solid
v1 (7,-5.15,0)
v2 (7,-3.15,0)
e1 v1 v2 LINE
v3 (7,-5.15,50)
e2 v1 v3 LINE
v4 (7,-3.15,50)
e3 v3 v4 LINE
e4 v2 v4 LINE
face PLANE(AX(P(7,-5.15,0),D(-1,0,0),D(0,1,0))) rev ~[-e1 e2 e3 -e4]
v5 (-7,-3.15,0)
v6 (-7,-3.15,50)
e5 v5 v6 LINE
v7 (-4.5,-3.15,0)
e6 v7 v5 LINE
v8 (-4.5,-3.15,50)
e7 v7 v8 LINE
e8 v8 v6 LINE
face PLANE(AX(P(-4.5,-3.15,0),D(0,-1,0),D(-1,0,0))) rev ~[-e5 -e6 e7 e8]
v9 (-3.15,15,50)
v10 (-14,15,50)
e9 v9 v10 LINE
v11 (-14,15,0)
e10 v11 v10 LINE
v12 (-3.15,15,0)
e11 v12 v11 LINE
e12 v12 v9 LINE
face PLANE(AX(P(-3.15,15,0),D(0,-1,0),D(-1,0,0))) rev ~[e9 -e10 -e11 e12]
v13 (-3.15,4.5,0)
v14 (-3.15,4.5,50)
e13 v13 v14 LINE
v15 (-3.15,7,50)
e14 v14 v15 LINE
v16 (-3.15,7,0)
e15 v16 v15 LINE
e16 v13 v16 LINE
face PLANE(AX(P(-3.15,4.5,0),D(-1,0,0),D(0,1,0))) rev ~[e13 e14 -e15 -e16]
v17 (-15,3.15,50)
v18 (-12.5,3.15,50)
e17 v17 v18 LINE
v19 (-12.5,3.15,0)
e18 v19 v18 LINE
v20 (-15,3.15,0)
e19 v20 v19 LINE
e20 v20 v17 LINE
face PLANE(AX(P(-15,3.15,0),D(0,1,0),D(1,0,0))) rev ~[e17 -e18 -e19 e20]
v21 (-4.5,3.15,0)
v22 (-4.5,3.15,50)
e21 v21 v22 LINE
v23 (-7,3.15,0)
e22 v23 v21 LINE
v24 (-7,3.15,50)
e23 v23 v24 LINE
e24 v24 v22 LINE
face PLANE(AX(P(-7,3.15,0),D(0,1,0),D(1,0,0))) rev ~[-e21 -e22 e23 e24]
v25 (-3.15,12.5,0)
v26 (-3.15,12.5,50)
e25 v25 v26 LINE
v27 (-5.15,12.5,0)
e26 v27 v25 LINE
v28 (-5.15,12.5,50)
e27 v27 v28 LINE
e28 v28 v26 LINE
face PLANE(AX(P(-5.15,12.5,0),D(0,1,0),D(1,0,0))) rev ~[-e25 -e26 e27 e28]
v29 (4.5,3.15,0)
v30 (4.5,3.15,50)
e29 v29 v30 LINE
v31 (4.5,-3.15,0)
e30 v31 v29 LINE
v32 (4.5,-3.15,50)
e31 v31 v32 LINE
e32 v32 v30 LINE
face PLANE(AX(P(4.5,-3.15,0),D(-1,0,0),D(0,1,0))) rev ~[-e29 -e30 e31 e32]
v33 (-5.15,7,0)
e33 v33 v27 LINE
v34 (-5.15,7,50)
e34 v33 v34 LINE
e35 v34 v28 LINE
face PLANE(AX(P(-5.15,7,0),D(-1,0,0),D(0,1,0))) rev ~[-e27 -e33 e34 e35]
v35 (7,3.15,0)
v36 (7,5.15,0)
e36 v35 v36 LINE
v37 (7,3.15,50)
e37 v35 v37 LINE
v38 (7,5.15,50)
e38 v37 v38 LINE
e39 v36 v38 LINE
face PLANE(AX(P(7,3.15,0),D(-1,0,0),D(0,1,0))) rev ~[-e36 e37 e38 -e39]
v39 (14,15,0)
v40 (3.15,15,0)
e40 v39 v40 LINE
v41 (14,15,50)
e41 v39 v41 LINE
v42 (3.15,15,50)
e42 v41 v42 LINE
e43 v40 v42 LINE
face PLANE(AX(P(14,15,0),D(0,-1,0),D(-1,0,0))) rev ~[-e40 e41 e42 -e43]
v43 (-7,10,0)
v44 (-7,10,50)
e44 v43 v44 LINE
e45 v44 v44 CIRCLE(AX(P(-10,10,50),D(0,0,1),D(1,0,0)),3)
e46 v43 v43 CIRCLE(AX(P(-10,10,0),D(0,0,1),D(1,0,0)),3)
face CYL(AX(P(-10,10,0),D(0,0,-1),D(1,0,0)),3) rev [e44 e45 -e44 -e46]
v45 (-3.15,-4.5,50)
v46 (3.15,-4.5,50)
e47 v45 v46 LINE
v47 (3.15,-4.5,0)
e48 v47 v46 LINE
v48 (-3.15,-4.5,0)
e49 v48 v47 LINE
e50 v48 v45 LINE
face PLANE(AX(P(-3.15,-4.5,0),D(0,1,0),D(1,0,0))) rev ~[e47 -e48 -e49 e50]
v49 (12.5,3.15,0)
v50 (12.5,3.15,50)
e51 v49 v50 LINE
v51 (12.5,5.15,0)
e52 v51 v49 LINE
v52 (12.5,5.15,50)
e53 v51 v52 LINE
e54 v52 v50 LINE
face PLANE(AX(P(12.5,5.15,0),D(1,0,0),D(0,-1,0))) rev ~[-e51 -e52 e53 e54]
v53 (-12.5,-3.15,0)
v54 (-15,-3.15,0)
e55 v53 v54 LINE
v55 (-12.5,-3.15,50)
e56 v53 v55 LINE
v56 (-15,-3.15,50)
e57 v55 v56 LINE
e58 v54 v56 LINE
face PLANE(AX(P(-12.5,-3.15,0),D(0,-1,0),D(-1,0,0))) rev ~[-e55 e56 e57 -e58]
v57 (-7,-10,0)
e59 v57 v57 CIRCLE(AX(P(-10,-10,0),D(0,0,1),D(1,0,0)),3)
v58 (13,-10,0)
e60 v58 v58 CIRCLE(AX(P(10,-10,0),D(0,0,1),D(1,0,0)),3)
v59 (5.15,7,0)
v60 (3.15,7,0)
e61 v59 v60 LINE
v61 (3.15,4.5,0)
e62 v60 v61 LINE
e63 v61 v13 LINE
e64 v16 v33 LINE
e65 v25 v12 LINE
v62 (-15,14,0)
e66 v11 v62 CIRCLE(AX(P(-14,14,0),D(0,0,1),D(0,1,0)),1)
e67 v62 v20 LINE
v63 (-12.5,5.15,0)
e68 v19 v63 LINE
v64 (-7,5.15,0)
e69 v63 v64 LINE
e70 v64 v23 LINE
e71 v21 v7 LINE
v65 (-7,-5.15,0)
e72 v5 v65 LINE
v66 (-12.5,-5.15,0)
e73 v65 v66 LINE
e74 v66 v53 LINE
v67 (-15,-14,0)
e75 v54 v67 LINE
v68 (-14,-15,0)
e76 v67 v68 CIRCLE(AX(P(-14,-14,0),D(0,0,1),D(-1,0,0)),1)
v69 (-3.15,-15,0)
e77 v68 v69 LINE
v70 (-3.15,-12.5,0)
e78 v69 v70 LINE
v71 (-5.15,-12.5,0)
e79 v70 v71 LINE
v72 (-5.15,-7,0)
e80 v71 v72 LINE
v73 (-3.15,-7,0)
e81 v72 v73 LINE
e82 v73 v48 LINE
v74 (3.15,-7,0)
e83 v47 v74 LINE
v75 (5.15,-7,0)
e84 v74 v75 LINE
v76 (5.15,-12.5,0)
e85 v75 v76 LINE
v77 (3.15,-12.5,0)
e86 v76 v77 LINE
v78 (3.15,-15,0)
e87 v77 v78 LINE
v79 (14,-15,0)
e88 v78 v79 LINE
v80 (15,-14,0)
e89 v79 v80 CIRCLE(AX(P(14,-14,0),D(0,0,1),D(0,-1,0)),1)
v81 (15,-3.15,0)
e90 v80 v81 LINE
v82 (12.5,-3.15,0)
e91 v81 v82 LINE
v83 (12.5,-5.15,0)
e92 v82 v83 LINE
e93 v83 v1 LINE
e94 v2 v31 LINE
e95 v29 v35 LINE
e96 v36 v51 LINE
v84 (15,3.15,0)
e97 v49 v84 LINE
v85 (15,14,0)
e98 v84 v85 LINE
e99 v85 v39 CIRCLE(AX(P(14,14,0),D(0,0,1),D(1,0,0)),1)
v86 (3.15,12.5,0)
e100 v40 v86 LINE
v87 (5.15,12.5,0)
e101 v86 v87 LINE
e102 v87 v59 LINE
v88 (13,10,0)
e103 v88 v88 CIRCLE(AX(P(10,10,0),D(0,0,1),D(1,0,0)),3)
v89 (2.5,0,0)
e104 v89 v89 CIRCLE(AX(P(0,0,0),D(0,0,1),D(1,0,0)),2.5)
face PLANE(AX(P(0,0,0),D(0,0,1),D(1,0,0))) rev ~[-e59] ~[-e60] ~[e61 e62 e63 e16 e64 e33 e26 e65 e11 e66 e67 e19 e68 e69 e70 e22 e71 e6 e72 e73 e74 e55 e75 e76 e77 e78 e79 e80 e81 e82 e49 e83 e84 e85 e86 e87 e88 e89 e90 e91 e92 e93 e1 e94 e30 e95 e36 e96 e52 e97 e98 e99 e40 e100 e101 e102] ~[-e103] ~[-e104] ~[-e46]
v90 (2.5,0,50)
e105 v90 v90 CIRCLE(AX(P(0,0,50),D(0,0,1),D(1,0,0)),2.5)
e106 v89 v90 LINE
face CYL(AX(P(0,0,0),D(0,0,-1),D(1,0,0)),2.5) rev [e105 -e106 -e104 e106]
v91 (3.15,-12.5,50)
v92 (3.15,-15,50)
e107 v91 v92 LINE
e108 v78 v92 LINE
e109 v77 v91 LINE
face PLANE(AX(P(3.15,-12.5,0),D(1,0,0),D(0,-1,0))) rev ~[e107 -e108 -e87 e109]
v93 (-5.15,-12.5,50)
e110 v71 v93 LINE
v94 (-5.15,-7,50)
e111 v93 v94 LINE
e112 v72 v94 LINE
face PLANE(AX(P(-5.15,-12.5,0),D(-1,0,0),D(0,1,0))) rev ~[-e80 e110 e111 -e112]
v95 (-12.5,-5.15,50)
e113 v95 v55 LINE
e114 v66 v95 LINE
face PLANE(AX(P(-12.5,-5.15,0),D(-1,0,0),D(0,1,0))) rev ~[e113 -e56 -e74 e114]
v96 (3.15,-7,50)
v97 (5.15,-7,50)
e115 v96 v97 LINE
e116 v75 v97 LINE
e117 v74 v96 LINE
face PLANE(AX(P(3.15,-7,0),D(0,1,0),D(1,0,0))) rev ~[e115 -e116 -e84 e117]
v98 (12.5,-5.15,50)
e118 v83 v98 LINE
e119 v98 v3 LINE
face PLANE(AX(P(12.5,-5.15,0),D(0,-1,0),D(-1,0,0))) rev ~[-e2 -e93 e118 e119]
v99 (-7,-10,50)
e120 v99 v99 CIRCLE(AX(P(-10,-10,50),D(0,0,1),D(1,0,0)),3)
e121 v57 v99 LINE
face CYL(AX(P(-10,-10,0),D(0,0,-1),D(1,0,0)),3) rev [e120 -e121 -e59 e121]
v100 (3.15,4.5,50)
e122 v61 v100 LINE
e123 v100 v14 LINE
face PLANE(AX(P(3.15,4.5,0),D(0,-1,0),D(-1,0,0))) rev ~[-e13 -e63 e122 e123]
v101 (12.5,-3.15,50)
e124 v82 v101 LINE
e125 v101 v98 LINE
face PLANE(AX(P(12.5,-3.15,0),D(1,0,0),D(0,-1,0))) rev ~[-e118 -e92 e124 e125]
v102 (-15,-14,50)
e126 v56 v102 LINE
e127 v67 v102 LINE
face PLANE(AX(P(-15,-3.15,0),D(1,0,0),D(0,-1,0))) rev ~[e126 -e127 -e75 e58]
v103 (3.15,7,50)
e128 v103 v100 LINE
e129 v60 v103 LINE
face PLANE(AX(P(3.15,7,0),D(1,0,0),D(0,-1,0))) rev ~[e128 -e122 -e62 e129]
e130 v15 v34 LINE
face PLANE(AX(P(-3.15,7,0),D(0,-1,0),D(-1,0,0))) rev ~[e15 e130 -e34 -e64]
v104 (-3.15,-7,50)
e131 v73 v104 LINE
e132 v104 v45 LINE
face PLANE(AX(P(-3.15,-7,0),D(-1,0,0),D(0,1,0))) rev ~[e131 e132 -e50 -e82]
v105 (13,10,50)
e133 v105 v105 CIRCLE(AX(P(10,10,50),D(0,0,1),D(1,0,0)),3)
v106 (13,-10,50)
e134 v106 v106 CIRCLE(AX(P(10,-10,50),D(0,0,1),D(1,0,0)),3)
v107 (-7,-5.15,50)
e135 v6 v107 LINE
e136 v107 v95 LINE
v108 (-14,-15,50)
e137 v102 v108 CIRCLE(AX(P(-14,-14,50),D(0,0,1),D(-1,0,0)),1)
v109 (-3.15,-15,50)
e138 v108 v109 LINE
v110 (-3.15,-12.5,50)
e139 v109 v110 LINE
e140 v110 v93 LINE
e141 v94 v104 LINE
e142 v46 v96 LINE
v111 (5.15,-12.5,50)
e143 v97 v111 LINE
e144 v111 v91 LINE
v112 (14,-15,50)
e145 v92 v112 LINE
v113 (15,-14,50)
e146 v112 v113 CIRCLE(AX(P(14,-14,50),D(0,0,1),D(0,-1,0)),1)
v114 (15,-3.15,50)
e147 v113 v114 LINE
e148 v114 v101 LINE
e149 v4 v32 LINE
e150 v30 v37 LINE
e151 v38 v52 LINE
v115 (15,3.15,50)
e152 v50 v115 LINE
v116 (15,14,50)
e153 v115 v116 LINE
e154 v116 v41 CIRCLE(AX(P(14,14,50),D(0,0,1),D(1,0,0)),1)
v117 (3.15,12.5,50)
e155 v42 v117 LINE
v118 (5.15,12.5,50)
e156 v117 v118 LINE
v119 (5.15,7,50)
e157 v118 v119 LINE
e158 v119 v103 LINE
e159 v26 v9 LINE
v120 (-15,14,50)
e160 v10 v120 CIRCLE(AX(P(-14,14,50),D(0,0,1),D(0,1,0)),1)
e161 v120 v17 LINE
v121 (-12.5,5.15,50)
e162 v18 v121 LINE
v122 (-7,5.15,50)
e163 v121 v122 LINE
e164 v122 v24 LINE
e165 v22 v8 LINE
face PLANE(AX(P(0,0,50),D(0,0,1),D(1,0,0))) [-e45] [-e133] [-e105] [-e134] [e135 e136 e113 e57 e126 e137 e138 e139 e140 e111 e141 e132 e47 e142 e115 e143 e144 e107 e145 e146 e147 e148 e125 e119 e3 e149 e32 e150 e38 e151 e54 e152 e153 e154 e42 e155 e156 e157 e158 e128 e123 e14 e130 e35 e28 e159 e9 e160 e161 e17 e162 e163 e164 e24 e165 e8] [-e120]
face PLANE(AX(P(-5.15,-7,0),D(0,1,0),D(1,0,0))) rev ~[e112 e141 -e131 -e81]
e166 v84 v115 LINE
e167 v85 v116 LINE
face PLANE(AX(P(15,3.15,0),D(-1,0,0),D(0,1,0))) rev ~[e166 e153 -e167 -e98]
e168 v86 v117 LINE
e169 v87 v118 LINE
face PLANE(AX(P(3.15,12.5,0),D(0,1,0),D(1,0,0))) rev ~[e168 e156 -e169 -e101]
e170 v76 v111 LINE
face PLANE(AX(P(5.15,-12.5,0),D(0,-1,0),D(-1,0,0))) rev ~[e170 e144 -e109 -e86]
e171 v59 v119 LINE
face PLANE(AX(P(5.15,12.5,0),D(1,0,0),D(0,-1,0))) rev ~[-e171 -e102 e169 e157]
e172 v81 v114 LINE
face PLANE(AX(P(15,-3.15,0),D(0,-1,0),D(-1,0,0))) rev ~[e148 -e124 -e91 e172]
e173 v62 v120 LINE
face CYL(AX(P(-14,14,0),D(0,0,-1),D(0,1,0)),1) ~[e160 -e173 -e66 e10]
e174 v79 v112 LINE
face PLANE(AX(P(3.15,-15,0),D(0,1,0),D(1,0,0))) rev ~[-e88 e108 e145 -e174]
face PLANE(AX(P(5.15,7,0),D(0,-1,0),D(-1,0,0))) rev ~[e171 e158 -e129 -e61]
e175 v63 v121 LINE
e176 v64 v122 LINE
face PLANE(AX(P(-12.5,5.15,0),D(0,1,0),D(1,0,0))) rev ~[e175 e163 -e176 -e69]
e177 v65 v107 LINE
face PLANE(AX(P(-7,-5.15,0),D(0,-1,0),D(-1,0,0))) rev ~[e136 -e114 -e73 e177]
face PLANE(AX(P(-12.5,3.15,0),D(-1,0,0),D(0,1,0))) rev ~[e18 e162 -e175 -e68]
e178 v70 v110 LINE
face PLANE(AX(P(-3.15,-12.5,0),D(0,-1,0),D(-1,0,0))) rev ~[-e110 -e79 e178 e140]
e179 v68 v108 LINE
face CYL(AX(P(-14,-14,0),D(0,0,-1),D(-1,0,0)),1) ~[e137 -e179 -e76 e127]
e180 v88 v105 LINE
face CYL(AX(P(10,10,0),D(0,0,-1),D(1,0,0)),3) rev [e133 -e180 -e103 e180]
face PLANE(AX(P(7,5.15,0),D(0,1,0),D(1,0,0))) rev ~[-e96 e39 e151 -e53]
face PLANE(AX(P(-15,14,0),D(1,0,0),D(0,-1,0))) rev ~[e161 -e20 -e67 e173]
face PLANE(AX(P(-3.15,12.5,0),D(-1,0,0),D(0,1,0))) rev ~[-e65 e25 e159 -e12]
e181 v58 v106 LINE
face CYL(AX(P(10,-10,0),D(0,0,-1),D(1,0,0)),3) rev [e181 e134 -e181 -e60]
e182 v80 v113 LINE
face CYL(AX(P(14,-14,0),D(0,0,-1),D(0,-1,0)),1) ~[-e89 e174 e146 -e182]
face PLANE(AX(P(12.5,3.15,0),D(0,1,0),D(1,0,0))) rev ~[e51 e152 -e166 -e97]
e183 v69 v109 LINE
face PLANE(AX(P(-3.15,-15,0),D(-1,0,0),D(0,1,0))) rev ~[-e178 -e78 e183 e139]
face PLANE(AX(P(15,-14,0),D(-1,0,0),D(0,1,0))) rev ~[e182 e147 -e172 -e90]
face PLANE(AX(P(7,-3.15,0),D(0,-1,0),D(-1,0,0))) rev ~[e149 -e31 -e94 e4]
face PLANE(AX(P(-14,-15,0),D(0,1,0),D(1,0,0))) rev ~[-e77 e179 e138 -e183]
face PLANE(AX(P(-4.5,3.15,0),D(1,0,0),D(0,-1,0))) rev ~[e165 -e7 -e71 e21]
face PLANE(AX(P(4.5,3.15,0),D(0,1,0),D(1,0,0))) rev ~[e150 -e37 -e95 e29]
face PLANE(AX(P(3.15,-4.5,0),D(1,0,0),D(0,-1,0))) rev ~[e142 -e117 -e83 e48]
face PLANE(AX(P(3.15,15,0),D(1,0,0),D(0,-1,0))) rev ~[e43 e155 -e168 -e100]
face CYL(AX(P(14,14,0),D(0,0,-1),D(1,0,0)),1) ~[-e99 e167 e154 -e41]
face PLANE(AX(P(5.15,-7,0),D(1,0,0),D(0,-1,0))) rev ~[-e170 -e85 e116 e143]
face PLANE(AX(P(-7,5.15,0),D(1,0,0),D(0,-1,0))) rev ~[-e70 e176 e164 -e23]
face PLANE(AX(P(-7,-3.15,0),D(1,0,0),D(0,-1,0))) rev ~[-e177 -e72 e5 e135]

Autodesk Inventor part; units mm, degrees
ref_plane "YZ Plane" through (0, 0, 0) normal (1, 0, 0) x (0, 1, 0)
ref_plane "XZ Plane" through (0, 0, 0) normal (0, 1, 0) x (-1, 0, 0)
ref_plane "XY Plane" through (0, 0, 0) normal (0, 0, 1) x (1, 0, 0)
feature "ソリッド1" [suppressed]
sketch "スケッチ2" plane through (0, 0, 0) normal (0, 0, 1) x (1, 0, 0)
  line L0 (-12.5, 5.15) -> (-7, 5.15) projected
  line L1 (-7, 5.15) -> (-7, 3.15) projected
  line L2 (-7, 3.15) -> (-4.5, 3.15) projected
  line L3 (-4.5, 3.15) -> (-4.5, -3.15) projected
  line L4 (-4.5, -3.15) -> (-7, -3.15) projected
  line L5 (-7, -3.15) -> (-7, -5.15) projected
  line L6 (-7, -5.15) -> (-12.5, -5.15) projected
  line L7 (-12.5, -5.15) -> (-12.5, -3.15) projected
  line L8 (-12.5, -3.15) -> (-15, -3.15) projected
  line L9 (-15, -3.15) -> (-15, -14) projected
  arc A0 (-15, -14) -> (-14, -15) centre (-14, -14) ccw projected
  line L10 (-14, -15) -> (-3.15, -15) projected
  line L11 (-3.15, -15) -> (-3.15, -12.5) projected
  line L12 (-3.15, -12.5) -> (-5.15, -12.5) projected
  line L13 (-5.15, -12.5) -> (-5.15, -7) projected
  line L14 (-5.15, -7) -> (-3.15, -7) projected
  line L15 (-3.15, -7) -> (-3.15, -4.5) projected
  line L16 (-3.15, -4.5) -> (3.15, -4.5) projected
  line L17 (3.15, -4.5) -> (3.15, -7) projected
  line L18 (3.15, -7) -> (5.15, -7) projected
  line L19 (5.15, -7) -> (5.15, -12.5) projected
  line L20 (5.15, -12.5) -> (3.15, -12.5) projected
  line L21 (3.15, -12.5) -> (3.15, -15) projected
  line L22 (3.15, -15) -> (14, -15) projected
  arc A1 (14, -15) -> (15, -14) centre (14, -14) ccw projected
  line L23 (15, -14) -> (15, -3.15) projected
  line L24 (15, -3.15) -> (12.5, -3.15) projected
  line L25 (12.5, -3.15) -> (12.5, -5.15) projected
  line L26 (12.5, -5.15) -> (7, -5.15) projected
  line L27 (7, -5.15) -> (7, -3.15) projected
  line L28 (7, -3.15) -> (4.5, -3.15) projected
  line L29 (4.5, -3.15) -> (4.5, 3.15) projected
  line L30 (4.5, 3.15) -> (7, 3.15) projected
  line L31 (7, 3.15) -> (7, 5.15) projected
  line L32 (7, 5.15) -> (12.5, 5.15) projected
  line L33 (12.5, 5.15) -> (12.5, 3.15) projected
  line L34 (12.5, 3.15) -> (15, 3.15) projected
  line L35 (15, 3.15) -> (15, 14) projected
  arc A2 (15, 14) -> (14, 15) centre (14, 14) ccw projected
  line L36 (14, 15) -> (3.15, 15) projected
  line L37 (3.15, 15) -> (3.15, 12.5) projected
  line L38 (3.15, 12.5) -> (5.15, 12.5) projected
  line L39 (5.15, 12.5) -> (5.15, 7) projected
  line L40 (5.15, 7) -> (3.15, 7) projected
  line L41 (3.15, 7) -> (3.15, 4.5) projected
  line L42 (3.15, 4.5) -> (-3.15, 4.5) projected
  line L43 (-3.15, 4.5) -> (-3.15, 7) projected
  line L44 (-3.15, 7) -> (-5.15, 7) projected
  line L45 (-5.15, 7) -> (-5.15, 12.5) projected
  line L46 (-5.15, 12.5) -> (-3.15, 12.5) projected
  line L47 (-3.15, 12.5) -> (-3.15, 15) projected
  line L48 (-3.15, 15) -> (-14, 15) projected
  arc A3 (-14, 15) -> (-15, 14) centre (-14, 14) ccw projected
  line L49 (-15, 14) -> (-15, 3.15) projected
  line L50 (-15, 3.15) -> (-12.5, 3.15) projected
  line L51 (-12.5, 3.15) -> (-12.5, 5.15) projected
  circle A4 centre (10, 10) radius 3 projected
  circle A5 centre (-10, 10) radius 3 projected
  circle A6 centre (-10, -10) radius 3 projected
  circle A7 centre (10, -10) radius 3 projected
  circle A8 centre (0, 0) radius 2.5 projected
extrude "押し出し1" add sketch "スケッチ2" along normal blind 50
equation "\"d1\" = L"
equation "\"L\" = 50"
properties part number "AFS-3030-200"
